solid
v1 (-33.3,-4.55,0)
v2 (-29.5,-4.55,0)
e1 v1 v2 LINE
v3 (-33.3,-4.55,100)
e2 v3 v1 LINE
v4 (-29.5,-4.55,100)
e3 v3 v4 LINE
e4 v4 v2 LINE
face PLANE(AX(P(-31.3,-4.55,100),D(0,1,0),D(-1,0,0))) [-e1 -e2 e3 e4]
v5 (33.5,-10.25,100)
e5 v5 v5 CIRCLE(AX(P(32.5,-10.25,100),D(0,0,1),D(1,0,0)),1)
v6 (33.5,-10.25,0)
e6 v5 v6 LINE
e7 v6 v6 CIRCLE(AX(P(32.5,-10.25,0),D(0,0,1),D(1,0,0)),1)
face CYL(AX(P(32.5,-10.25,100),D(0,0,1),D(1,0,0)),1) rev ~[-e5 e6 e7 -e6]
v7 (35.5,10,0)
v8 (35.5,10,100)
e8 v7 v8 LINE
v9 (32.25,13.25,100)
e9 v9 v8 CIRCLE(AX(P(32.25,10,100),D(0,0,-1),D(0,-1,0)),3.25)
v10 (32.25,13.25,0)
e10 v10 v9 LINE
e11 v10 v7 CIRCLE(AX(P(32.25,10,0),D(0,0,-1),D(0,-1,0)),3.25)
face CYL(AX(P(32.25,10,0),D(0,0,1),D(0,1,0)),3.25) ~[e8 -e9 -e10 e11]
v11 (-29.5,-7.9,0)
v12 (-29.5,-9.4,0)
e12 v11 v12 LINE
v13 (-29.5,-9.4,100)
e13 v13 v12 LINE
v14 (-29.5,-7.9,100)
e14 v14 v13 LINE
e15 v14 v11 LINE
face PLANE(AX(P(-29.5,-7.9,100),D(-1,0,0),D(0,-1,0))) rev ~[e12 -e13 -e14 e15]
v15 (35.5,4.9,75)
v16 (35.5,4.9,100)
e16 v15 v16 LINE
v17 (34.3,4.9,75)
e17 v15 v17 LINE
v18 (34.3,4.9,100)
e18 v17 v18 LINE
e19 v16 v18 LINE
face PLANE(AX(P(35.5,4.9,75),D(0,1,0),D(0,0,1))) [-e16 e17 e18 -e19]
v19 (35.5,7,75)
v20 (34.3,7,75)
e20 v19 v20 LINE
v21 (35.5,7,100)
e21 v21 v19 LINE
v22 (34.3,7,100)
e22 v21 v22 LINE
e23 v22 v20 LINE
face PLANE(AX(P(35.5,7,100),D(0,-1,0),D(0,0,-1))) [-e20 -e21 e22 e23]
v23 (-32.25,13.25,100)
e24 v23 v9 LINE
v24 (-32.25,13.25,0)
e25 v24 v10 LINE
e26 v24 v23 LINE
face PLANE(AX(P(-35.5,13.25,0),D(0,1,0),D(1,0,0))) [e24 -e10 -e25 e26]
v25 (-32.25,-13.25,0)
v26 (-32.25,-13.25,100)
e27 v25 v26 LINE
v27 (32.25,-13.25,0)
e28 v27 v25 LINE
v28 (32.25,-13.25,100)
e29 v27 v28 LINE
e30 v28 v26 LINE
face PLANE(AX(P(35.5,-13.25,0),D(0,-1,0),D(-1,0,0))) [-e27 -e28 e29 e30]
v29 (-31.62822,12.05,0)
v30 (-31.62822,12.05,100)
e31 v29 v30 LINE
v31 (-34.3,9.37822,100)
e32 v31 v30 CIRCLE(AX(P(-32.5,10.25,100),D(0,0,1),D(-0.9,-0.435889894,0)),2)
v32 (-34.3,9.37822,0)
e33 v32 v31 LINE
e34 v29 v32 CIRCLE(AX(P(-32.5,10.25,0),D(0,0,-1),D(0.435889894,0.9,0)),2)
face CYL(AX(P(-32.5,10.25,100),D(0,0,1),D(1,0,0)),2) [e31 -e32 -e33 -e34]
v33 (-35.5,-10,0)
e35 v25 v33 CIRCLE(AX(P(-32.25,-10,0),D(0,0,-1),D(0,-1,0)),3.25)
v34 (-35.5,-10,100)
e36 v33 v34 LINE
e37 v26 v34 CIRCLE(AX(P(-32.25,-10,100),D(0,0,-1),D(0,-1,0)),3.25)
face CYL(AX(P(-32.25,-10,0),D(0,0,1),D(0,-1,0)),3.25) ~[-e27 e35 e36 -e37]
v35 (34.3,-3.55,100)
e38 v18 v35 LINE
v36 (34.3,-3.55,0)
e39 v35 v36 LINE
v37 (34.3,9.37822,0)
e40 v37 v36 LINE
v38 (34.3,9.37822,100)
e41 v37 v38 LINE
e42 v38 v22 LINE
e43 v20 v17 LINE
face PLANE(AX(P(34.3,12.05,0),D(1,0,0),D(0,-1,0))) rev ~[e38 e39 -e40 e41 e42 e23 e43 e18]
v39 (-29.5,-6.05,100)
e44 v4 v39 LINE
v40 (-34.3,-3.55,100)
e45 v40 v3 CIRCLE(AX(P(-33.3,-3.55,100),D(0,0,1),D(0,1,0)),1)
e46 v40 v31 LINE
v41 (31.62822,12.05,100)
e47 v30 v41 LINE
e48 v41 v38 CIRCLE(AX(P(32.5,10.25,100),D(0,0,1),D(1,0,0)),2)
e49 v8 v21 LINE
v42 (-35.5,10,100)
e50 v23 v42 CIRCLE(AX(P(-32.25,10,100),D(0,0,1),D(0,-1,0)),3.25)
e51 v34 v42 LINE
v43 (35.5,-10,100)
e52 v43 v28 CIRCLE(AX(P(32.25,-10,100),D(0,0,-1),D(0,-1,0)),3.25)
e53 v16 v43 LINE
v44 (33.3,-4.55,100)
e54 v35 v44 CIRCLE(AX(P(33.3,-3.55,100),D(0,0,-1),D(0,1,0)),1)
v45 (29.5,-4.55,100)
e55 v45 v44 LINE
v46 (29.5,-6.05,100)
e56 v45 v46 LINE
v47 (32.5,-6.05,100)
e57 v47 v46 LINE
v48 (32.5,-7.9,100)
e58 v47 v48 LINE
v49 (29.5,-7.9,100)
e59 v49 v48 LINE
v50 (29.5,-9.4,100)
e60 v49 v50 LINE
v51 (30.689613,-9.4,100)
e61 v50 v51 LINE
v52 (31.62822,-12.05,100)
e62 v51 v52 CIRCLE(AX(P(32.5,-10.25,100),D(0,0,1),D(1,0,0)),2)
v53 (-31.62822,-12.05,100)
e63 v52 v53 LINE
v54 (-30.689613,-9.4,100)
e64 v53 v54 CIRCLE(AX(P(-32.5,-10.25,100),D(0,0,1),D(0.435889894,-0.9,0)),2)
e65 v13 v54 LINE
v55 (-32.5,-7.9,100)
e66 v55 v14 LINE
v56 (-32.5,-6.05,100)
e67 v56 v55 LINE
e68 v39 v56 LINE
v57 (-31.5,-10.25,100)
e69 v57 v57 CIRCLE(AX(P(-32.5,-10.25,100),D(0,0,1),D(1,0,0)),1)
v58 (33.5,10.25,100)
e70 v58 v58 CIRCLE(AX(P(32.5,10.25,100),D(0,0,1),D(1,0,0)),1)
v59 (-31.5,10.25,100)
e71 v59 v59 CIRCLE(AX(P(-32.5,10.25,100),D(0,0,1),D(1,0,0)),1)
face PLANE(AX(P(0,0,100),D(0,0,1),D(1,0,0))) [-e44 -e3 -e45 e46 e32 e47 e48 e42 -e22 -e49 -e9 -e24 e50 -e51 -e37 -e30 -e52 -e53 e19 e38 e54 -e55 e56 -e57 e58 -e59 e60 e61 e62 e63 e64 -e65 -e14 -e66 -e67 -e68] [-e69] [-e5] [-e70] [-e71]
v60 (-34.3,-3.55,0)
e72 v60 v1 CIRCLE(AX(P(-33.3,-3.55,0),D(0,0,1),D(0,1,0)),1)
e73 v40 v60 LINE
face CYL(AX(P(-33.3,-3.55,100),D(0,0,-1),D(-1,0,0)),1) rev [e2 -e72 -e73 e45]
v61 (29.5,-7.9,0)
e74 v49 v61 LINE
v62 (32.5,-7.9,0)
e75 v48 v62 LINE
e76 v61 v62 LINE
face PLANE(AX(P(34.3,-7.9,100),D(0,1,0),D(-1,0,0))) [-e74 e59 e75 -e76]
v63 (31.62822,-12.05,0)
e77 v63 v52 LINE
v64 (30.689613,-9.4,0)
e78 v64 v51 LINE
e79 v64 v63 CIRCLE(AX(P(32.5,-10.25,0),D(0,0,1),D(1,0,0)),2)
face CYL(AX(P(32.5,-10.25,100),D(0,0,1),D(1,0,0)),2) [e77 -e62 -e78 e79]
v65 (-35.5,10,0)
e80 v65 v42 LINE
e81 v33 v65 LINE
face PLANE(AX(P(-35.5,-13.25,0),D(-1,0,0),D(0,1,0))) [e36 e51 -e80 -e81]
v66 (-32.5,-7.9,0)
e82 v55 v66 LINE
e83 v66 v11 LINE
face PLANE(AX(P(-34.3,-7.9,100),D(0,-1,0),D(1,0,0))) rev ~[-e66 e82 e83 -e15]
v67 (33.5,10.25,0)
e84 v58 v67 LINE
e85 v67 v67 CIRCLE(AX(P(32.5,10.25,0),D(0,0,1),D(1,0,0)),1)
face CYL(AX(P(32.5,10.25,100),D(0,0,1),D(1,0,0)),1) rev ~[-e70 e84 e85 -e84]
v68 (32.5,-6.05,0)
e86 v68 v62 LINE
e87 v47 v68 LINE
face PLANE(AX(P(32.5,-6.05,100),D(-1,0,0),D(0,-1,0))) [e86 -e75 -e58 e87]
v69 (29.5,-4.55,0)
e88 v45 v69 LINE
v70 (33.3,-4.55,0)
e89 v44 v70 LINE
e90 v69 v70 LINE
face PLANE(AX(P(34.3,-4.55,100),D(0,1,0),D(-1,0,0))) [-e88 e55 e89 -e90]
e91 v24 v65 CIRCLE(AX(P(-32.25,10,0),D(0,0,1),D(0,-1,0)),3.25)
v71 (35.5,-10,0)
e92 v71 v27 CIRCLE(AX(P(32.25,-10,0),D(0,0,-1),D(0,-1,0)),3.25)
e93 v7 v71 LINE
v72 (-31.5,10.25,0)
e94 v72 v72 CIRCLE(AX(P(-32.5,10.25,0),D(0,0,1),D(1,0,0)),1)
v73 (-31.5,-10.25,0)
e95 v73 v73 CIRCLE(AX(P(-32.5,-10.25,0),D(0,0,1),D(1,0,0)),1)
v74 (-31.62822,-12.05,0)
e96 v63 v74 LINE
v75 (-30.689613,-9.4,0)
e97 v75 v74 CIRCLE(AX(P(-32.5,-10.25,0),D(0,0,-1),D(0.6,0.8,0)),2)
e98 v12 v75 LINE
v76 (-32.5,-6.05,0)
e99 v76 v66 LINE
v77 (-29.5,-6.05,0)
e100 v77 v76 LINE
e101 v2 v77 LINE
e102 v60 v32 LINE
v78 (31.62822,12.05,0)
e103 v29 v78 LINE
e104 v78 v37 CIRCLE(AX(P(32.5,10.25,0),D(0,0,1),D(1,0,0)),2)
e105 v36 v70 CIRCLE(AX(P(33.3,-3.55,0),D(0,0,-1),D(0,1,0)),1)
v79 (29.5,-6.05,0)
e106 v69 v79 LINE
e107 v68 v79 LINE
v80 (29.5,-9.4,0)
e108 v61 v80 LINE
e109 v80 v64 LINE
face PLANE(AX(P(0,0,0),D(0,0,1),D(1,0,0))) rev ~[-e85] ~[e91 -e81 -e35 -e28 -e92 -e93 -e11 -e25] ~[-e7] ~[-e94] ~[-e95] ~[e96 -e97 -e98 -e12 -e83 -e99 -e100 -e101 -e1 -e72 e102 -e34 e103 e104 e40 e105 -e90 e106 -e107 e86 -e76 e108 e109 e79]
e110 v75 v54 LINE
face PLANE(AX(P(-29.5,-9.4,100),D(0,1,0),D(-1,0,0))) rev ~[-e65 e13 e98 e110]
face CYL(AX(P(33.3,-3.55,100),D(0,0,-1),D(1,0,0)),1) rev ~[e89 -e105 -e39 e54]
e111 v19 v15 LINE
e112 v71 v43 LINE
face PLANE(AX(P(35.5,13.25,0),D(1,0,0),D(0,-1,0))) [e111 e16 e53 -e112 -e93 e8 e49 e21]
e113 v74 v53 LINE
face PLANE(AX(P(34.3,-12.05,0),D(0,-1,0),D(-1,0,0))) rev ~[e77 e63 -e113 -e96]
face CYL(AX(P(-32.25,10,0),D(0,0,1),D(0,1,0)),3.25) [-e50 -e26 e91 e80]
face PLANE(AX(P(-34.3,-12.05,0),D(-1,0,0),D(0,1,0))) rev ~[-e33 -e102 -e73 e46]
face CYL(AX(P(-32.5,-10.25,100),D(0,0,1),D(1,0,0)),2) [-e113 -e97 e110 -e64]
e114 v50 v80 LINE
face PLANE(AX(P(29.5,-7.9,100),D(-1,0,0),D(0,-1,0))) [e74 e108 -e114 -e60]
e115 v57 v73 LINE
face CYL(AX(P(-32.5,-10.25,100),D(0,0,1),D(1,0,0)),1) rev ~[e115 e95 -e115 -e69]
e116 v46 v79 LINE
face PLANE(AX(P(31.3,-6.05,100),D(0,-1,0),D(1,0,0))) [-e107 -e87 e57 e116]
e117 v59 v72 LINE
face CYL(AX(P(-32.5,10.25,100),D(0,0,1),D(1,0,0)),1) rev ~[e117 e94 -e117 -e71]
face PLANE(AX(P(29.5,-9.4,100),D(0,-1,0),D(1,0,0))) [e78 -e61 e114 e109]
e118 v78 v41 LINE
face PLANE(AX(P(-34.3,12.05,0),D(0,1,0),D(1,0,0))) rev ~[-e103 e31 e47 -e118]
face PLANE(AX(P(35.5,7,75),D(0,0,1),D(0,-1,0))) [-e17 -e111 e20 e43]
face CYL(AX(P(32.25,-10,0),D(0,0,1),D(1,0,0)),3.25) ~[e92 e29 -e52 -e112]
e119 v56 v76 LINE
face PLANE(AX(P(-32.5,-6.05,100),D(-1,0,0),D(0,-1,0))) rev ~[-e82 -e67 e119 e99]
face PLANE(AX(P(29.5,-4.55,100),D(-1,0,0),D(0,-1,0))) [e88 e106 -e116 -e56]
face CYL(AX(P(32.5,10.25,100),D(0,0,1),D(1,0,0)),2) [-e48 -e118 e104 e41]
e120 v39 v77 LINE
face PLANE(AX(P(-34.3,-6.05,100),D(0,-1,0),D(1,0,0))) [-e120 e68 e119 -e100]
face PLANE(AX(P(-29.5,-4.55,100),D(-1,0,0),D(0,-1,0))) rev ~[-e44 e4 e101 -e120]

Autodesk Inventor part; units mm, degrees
ref_plane "YZ Plane" through (0, 0, 0) normal (1, 0, 0) x (0, 1, 0)
ref_plane "XZ Plane" through (0, 0, 0) normal (0, 1, 0) x (-1, 0, 0)
ref_plane "XY Plane" through (0, 0, 0) normal (0, 0, 1) x (1, 0, 0)
sketch "Sketch1" plane through (0, 0, 0) normal (0, 0, 1) x (1, 0, 0)
  line L0 (-35.5, 13.25) -> (35.5, 13.25)
  line L1 (35.5, 13.25) -> (35.5, -13.25)
  line L2 (35.5, -13.25) -> (-35.5, -13.25)
  line L3 (-35.5, -13.25) -> (-35.5, 13.25)
  line L4 (-34.3, 12.05) -> (34.3, 12.05)
  line L5 (34.3, 12.05) -> (34.3, -12.05)
  line L6 (34.3, -12.05) -> (-34.3, -12.05)
  line L7 (-34.3, -12.05) -> (-34.3, 12.05)
  point P0 (0, 0)
  dimension "d0" = 71
  dimension "d1" = 26.5
  dimension "d2" = 35.5
  dimension "d3" = 13.25
  dimension "d4" = 1.2
  dimension "d5" = 1.2
  dimension "d6" = 1.2
  dimension "d7" = 1.2
extrude "Extrusion1" add sketch "Sketch1" along normal blind 100
fillet "Fillet1" radius 2 4 edges at (-34.3, 12.05, 50) (34.3, 12.05, 50) (34.3, -12.05, 50) (-34.3, -12.05, 50)
fillet "Fillet2" radius 3.25 4 edges at (-35.5, 13.25, 50) (-35.5, -13.25, 50) (35.5, -13.25, 50) (35.5, 13.25, 50)
sketch "Sketch2" plane through (0, 0, 100) normal (0, 0, 1) x (1, 0, 0)
  line L0 (-34.3, -10.05) -> (-34.3, 10.05) projected
  line L1 (-34.3, -7.9) -> (-31.3, -7.9)
  line L2 (-31.3, -7.9) -> (-31.3, -9.4)
  line L3 (-31.3, -9.4) -> (-34.3, -9.4)
  line L4 (-34.3, -9.4) -> (-34.3, -7.9)
  line L5 (34.3, 10.05) -> (34.3, -10.05) projected
  line L6 (34.3, -7.9) -> (31.3, -7.9)
  line L7 (31.3, -7.9) -> (31.3, -9.4)
  line L8 (31.3, -9.4) -> (34.3, -9.4)
  line L9 (34.3, -9.4) -> (34.3, -7.9)
  line L10 (-32.25, -13.25) -> (32.25, -13.25) projected
  line L11 (-34.3, -6.05) -> (-31.3, -6.05)
  line L12 (-31.3, -6.05) -> (-31.3, -4.55)
  line L13 (-31.3, -4.55) -> (-34.3, -4.55)
  line L14 (-34.3, -4.55) -> (-34.3, -6.05)
  line L15 (31.3, -6.05) -> (34.3, -6.05)
  line L16 (34.3, -6.05) -> (34.3, -4.55)
  line L17 (34.3, -4.55) -> (31.3, -4.55)
  line L18 (31.3, -4.55) -> (31.3, -6.05)
  point P0 (0, 0)
  dimension "d12" = 3.85
  dimension "d13" = 1.5
  dimension "d14" = 3
  dimension "d15" = 3
  dimension "d16" = 1.5
  dimension "d17" = 1.85
extrude "Extrusion2" add sketch "Sketch2" against normal blind 100
fillet "Fillet3" radius 1 4 edges at (-34.3, -4.55, 50) (-34.3, -9.4, 50) (34.3, -9.4, 50) (34.3, -4.55, 50)
sketch "Sketch3" plane through (0, 0, 100) normal (0, 0, 1) x (1, 0, 0)
  line L0 (32.25, 13.25) -> (-32.25, 13.25) projected
  line L1 (-35.5, 10) -> (-35.5, -10) projected
  line L2 (-32.25, -13.25) -> (32.25, -13.25) projected
  line L3 (35.5, -10) -> (35.5, 10) projected
  circle A0 centre (-32.5, 10.25) radius 2
  circle A1 centre (-32.5, -10.25) radius 2
  circle A2 centre (32.5, -10.25) radius 2
  circle A3 centre (32.5, 10.25) radius 2
  point P0 (0, 0)
  dimension "d21" = 3
  dimension "d22" = 3
  dimension "d23" = 3
  dimension "d24" = 3
  dimension "d25" = 3
  dimension "d26" = 3
  dimension "d27" = 3
  dimension "d28" = 3
  dimension "d29" = 4
  dimension "d30" = 4
  dimension "d31" = 4
  dimension "d32" = 4
extrude "Extrusion3" add sketch "Sketch3" against normal blind 100
sketch "Sketch4" plane through (0, 0, 100) normal (0, 0, 1) x (1, 0, 0)
  arc A0 (-34.3, 9.3782) -> (-31.6282, 12.05) centre (-32.5, 10.25) ccw projected
  arc A1 (31.6282, 12.05) -> (34.3, 9.3782) centre (32.5, 10.25) ccw projected
  arc A2 (31.3, -8.65) -> (31.6282, -12.05) centre (32.5, -10.25) ccw projected
  arc A3 (-31.6282, -12.05) -> (-31.3, -8.65) centre (-32.5, -10.25) ccw projected
  circle A4 centre (-32.5, 10.25) radius 1
  circle A5 centre (-32.5, -10.25) radius 1
  circle A6 centre (32.5, 10.25) radius 1
  circle A7 centre (32.5, -10.25) radius 1
  point P0 (0, 0)
  dimension "d35" = 2
  dimension "d36" = 2
  dimension "d37" = 2
  dimension "d38" = 2
extrude "Extrusion4" cut sketch "Sketch4" against normal blind 100
sketch "Sketch5" plane through (35.5, -10, 0) normal (1, 0, 0) x (0, 0, -1)
  line L0 (-100, 20) -> (-100, 0) projected
  line L1 (-100, 17) -> (-75, 17)
  line L2 (-75, 17) -> (-75, 14.9)
  line L3 (-75, 14.9) -> (-100, 14.9)
  line L4 (-100, 14.9) -> (-100, 17)
  line L5 (-100, 20) -> (0, 20) projected
  point P0 (0, 10)
  dimension "d41" = 2.1
  dimension "d42" = 3
  dimension "d43" = 25
extrude "Extrusion5" cut sketch "Sketch5" against normal blind 2
sketch "Sketch6" plane through (0, 0, 100) normal (0, 0, 1) x (1, 0, 0)
  line L0 (34.3, -6.05) -> (34.3, -7.9) projected
  line L1 (-34.3, -7.9) -> (-34.3, -6.05) projected
  line L2 (-31.3, -7.9) -> (-34.3, -7.9) projected
  line L3 (-31.3, -7.9) -> (-29.5, -7.9)
  line L4 (-29.5, -7.9) -> (-29.5, -9.4)
  line L5 (-29.5, -9.4) -> (-31.3, -9.4)
  line L6 (-31.3, -9.4) -> (-31.3, -7.9)
  line L7 (-31.3, -6.05) -> (-31.3, -4.55) projected
  line L8 (-31.3, -4.55) -> (-29.5, -4.55)
  line L9 (-29.5, -4.55) -> (-29.5, -6.05)
  line L10 (-29.5, -6.05) -> (-31.3, -6.05)
  line L11 (-31.3, -6.05) -> (-31.3, -4.55)
  line L12 (31.3, -4.55) -> (29.5, -4.55)
  line L13 (29.5, -4.55) -> (29.5, -6.05)
  line L14 (29.5, -6.05) -> (31.3, -6.05)
  line L15 (31.3, -6.05) -> (31.3, -4.55)
  line L16 (31.3, -7.9) -> (29.5, -7.9)
  line L17 (29.5, -7.9) -> (29.5, -9.4)
  line L18 (29.5, -9.4) -> (31.3, -9.4)
  line L19 (31.3, -9.4) -> (31.3, -7.9)
  line L20 (-31.3, -6.05) -> (-34.3, -6.05) projected
  line L21 (-34.3, -6.05) -> (-32.5, -6.05)
  line L22 (-32.5, -6.05) -> (-32.5, -7.9)
  line L23 (-32.5, -7.9) -> (-34.3, -7.9)
  line L24 (-34.3, -7.9) -> (-34.3, -6.05)
  line L25 (34.3, -6.05) -> (31.3, -6.05) projected
  line L26 (31.3, -7.9) -> (34.3, -7.9) projected
  line L27 (34.3, -6.05) -> (32.5, -6.05)
  line L28 (32.5, -6.05) -> (32.5, -7.9)
  line L29 (32.5, -7.9) -> (34.3, -7.9)
  line L30 (34.3, -7.9) -> (34.3, -6.05)
  point P0 (0, 0)
  dimension "d46" = 68.6
  dimension "d47" = 65
  dimension "d48" = 1.8
  dimension "d49" = 1.8
  dimension "d50" = 3
  dimension "d51" = 1.5
  dimension "d52" = 3
extrude "Extrusion6" add sketch "Sketch6" against normal blind 100
sketch "Sketch7" plane through (0, 0, 100) normal (0, 0, 1) x (1, 0, 0)
  line L0 (-32.25, -13.25) -> (32.25, -13.25) projected
  line L1 (32.25, 13.25) -> (-32.25, 13.25) projected
  line L2 (35.5, -10) -> (35.5, 4.9) projected
  line L3 (-35.5, 10) -> (-35.5, -10) projected
  point P0 (0, 0)
  dimension "d55" = 26.5
  dimension "d56" = 71
properties part number "case"
